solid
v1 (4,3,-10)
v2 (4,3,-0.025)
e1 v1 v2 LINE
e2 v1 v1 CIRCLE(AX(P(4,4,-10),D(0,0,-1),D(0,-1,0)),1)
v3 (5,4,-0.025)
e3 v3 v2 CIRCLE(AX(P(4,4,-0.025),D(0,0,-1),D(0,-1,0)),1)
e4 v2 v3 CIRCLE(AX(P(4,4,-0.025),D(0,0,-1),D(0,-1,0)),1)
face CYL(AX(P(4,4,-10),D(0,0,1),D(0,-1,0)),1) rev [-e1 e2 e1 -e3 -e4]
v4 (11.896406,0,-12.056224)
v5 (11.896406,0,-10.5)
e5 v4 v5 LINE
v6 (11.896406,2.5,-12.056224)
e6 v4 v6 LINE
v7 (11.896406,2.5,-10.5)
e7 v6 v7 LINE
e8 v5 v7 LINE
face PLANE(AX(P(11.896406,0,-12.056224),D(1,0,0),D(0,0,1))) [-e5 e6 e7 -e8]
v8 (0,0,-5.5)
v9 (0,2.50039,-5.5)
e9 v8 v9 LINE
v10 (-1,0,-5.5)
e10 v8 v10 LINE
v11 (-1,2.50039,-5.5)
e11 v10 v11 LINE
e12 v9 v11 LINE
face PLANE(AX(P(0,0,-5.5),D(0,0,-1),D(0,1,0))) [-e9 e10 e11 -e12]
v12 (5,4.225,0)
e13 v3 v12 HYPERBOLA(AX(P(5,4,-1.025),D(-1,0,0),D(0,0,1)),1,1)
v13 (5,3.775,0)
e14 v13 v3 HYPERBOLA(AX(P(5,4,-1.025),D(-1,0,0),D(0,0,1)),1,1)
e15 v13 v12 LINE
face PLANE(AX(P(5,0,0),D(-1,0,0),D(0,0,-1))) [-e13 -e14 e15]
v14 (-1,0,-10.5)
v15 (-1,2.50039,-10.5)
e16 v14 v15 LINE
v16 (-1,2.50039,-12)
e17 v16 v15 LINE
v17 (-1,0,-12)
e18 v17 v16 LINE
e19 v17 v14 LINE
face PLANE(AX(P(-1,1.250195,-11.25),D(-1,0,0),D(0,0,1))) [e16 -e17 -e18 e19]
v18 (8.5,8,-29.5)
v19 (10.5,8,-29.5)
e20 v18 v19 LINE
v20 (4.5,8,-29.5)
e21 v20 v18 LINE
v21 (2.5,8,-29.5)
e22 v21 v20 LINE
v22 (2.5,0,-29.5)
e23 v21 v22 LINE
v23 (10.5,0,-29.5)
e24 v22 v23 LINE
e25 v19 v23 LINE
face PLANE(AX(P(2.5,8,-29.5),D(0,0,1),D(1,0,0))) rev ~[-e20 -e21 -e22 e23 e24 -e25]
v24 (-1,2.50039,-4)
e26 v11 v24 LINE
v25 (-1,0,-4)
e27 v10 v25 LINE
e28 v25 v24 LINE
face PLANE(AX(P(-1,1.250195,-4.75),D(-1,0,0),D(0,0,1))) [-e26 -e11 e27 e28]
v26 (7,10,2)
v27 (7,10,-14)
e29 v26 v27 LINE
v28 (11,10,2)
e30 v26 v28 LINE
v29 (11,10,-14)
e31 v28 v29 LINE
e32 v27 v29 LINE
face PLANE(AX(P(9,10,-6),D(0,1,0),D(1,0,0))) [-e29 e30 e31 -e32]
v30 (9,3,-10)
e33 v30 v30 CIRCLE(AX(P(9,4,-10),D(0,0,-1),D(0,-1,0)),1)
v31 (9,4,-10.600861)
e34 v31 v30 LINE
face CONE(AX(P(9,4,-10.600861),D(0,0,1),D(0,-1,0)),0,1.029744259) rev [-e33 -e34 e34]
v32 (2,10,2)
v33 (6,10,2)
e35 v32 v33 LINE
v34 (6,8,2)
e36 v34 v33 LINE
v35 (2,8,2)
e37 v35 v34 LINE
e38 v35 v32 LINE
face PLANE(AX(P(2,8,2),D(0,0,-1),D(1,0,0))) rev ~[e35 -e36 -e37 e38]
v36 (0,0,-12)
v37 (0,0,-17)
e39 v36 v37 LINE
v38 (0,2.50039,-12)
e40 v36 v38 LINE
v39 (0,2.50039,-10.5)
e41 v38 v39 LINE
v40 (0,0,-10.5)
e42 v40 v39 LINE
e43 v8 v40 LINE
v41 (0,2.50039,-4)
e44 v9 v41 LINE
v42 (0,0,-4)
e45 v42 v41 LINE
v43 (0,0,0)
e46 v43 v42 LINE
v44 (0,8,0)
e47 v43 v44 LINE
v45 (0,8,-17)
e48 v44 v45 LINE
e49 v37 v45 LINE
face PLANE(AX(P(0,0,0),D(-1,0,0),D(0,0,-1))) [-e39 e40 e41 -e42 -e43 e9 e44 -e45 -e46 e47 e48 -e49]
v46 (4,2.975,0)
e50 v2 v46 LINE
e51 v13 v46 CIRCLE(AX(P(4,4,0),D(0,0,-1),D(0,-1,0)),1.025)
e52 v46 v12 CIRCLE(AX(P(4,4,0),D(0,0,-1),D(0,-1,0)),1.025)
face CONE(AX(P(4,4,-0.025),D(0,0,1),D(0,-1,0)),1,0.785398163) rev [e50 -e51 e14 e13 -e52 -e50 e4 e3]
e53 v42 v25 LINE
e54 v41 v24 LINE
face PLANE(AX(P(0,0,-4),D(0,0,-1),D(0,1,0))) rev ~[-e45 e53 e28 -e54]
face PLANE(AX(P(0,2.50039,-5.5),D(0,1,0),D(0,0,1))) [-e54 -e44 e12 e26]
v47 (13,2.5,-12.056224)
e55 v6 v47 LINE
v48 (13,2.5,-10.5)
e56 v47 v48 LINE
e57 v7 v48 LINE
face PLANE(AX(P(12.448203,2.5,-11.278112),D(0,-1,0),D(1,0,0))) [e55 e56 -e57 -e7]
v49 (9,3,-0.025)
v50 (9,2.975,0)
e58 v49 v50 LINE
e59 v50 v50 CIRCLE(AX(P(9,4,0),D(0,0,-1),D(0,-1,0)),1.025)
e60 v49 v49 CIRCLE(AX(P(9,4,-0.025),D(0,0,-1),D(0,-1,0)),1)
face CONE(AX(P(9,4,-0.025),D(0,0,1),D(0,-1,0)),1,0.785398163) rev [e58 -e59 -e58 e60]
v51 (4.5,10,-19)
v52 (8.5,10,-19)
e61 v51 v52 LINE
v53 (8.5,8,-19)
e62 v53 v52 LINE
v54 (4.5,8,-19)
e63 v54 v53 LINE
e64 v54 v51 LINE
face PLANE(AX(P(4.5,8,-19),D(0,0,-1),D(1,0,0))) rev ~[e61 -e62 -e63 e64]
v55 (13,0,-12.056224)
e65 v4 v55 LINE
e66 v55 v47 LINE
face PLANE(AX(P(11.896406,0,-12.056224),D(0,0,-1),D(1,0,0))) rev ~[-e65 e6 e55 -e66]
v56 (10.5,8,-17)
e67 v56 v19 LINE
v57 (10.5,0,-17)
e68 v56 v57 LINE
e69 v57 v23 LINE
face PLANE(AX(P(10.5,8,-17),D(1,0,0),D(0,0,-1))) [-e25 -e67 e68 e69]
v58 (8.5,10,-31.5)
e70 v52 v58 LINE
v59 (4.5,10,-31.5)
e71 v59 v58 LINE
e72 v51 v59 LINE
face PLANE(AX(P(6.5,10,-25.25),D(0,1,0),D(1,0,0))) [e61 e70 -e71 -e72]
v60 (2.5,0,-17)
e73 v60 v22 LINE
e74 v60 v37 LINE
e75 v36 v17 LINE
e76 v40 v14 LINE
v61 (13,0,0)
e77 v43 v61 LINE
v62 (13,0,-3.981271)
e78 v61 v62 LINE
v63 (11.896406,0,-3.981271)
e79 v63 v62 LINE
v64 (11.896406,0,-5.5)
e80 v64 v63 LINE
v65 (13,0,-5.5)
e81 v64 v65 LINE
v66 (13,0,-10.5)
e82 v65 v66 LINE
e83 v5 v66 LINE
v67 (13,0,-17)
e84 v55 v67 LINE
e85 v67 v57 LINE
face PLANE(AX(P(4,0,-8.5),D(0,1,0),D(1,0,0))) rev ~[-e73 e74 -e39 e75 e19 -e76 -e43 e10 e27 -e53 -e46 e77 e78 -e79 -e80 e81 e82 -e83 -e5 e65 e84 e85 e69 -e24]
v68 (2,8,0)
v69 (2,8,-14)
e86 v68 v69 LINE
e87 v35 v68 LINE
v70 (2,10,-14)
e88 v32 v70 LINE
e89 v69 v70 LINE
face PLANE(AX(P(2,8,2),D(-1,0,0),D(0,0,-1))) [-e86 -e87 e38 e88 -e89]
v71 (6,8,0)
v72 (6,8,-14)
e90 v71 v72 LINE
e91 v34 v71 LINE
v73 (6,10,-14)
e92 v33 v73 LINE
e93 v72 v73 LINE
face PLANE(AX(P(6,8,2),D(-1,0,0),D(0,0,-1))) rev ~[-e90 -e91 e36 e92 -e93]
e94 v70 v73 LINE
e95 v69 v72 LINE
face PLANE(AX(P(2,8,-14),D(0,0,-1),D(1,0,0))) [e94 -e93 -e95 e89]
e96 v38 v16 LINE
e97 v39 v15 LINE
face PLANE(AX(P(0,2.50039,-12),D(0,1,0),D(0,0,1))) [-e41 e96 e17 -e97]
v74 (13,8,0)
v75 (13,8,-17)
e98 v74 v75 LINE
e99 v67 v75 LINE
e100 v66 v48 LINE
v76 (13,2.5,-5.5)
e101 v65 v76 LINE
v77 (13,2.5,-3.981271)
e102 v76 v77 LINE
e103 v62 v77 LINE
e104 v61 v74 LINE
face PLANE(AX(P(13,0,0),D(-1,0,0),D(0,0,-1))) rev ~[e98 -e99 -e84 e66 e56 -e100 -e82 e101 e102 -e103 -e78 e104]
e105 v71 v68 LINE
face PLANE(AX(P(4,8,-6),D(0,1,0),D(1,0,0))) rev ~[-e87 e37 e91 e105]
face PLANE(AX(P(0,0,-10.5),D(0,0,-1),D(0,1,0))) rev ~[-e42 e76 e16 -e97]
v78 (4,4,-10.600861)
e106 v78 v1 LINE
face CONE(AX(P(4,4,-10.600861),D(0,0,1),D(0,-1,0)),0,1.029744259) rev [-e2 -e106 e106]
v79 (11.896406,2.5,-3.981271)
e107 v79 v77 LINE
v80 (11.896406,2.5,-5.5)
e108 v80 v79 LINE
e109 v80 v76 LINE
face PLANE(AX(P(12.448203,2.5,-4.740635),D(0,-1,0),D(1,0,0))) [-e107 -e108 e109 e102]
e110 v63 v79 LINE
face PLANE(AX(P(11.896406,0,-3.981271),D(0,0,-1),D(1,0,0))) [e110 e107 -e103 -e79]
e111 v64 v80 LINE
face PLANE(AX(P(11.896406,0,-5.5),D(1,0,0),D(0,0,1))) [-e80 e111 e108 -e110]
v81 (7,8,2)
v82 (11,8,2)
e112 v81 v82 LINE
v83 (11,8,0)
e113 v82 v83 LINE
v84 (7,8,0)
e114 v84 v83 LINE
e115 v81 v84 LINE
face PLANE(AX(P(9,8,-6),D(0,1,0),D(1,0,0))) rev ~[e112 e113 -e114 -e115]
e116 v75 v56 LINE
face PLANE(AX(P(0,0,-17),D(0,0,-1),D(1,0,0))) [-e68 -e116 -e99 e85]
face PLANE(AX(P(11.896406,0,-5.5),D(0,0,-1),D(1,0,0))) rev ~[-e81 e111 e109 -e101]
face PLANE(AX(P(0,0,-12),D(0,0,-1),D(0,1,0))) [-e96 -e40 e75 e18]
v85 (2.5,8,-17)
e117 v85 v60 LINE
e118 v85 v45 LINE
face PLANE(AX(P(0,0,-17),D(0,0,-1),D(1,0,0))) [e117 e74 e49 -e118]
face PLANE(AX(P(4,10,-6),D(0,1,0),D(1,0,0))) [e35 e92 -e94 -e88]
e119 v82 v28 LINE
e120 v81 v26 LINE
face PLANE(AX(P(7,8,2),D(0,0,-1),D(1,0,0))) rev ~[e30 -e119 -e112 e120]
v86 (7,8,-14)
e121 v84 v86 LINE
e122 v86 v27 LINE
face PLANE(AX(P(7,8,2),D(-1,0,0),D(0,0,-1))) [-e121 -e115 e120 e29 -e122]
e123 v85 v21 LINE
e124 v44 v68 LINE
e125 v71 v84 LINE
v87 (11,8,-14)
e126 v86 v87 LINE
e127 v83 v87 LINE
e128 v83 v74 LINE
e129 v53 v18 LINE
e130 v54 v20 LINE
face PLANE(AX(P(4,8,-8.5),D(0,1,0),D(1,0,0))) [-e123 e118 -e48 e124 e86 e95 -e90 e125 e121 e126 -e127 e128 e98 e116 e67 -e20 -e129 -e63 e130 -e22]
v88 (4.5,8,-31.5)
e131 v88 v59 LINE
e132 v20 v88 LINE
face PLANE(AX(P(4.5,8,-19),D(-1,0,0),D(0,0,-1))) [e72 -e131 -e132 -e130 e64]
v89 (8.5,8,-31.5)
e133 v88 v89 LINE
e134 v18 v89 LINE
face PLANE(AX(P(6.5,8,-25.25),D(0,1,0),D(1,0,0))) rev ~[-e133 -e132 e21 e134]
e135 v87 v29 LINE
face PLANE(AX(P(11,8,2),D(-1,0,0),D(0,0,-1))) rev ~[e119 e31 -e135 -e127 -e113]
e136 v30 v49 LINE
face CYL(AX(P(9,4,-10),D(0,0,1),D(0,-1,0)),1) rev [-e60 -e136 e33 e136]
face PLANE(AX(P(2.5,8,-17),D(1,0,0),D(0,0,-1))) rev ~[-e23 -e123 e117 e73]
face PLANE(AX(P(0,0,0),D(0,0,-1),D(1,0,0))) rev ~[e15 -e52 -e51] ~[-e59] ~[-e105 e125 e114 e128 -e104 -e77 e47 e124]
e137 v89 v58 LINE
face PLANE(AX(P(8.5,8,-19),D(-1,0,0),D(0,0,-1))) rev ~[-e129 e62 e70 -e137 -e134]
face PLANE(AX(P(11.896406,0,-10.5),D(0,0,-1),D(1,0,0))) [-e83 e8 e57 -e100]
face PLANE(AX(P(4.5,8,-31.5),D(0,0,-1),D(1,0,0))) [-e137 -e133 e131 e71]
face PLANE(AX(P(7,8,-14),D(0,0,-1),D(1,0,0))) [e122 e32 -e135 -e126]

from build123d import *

# Parameters (mm, degrees)
SKETCH1_W                  = 8
SKETCH1_H                  = 17
CONNECTOR_BODY_DEPTH       = 8
SKETCH4_W                  = 4
SKETCH4_H                  = 16
CLAMP_DEPTH                = 2
CONNECTOR_PATTERN_COUNT    = 2
CONNECTOR_PATTERN_PITCH    = 5
SKETCH5_W                  = 8
SKETCH5_H                  = 12.5
SINGLE_BODY_DEPTH          = 8
SKETCH6_W                  = 1.5
SKETCH6_H                  = 2.500390225
CHAINING_NOBS_DEPTH        = 1
SKETCH7_W                  = 1.10359402
SKETCH7_H                  = 1.518729337
SKETCH7_H_2                = 1.556223895
CHAINING_NOBS_CUTOUT_DEPTH = 2.5
SKETCH8_W                  = 4
SKETCH8_H                  = 12.5
SINGLE_BODY_CLAMP_DEPTH    = 2


with BuildPart() as part:
    # Sketch1 → connector_body (new body)
    with BuildSketch(Plane(origin=(0, 0, 0), x_dir=(1, 0, 0), z_dir=(0, 1, 0))):
        with Locations((4, 8.5)):
            Rectangle(SKETCH1_W, SKETCH1_H)
    connector_body = extrude(amount=CONNECTOR_BODY_DEPTH)

    # Sketch3 → cable_hole (revolve, cut)
    with BuildSketch(Plane(origin=(4, 4, 0), x_dir=(0, -1, 0), z_dir=(1, 0, 0))):
        Polygon((0, 0), (0, 10.600860619), (1, 10), (1, 0.025), (1.025, 0), align=None)
    cable_hole = revolve(axis=Axis((4, 4, 6.35), (0, 0, -1)), mode=Mode.SUBTRACT)

    # Sketch4 → clamp (add)
    with BuildSketch(Plane(origin=(0, 8, 0), x_dir=(1, 0, 0), z_dir=(0, 1, 0))):
        with Locations((4, 6)):
            Rectangle(SKETCH4_W, SKETCH4_H)
    clamp = extrude(amount=CLAMP_DEPTH)

    # connector_pattern: connector_body, cable_hole, clamp ×2
    with Locations(*[(i * CONNECTOR_PATTERN_PITCH, 0, 0) for i in range(1, CONNECTOR_PATTERN_COUNT)]):
        add(connector_body)
        add(cable_hole, mode=Mode.SUBTRACT)
        add(clamp)

    # Sketch5 → single_body (add)
    with BuildSketch(Plane(origin=(0, 8, 0), x_dir=(1, 0, 0), z_dir=(0, 1, 0))):
        with Locations((6.5, 23.25)):
            Rectangle(SKETCH5_W, SKETCH5_H)
    extrude(amount=-SINGLE_BODY_DEPTH)

    # Sketch6 → chaining_nobs (add)
    with BuildSketch(Plane.ZY):
        with Locations((-11.25, 1.250195113)):
            Rectangle(SKETCH6_W, SKETCH6_H)
        with Locations((-4.75, 1.250195113)):
            Rectangle(SKETCH6_W, SKETCH6_H)
    extrude(amount=CHAINING_NOBS_DEPTH)

    # Sketch7 → chaining_nobs_cutout (cut)
    with BuildSketch(Plane.XZ):
        with Locations((12.44820299, -4.740635332)):
            Rectangle(SKETCH7_W, SKETCH7_H)
        with Locations((12.44820299, -11.278111948)):
            Rectangle(SKETCH7_W, SKETCH7_H_2)
    extrude(amount=-CHAINING_NOBS_CUTOUT_DEPTH, mode=Mode.SUBTRACT)

    # Sketch8 → single_body_clamp (add)
    with BuildSketch(Plane(origin=(0, 8, 0), x_dir=(1, 0, 0), z_dir=(0, 1, 0))):
        with Locations((6.5, 25.25)):
            Rectangle(SKETCH8_W, SKETCH8_H)
    extrude(amount=SINGLE_BODY_CLAMP_DEPTH)


solid = part.part
